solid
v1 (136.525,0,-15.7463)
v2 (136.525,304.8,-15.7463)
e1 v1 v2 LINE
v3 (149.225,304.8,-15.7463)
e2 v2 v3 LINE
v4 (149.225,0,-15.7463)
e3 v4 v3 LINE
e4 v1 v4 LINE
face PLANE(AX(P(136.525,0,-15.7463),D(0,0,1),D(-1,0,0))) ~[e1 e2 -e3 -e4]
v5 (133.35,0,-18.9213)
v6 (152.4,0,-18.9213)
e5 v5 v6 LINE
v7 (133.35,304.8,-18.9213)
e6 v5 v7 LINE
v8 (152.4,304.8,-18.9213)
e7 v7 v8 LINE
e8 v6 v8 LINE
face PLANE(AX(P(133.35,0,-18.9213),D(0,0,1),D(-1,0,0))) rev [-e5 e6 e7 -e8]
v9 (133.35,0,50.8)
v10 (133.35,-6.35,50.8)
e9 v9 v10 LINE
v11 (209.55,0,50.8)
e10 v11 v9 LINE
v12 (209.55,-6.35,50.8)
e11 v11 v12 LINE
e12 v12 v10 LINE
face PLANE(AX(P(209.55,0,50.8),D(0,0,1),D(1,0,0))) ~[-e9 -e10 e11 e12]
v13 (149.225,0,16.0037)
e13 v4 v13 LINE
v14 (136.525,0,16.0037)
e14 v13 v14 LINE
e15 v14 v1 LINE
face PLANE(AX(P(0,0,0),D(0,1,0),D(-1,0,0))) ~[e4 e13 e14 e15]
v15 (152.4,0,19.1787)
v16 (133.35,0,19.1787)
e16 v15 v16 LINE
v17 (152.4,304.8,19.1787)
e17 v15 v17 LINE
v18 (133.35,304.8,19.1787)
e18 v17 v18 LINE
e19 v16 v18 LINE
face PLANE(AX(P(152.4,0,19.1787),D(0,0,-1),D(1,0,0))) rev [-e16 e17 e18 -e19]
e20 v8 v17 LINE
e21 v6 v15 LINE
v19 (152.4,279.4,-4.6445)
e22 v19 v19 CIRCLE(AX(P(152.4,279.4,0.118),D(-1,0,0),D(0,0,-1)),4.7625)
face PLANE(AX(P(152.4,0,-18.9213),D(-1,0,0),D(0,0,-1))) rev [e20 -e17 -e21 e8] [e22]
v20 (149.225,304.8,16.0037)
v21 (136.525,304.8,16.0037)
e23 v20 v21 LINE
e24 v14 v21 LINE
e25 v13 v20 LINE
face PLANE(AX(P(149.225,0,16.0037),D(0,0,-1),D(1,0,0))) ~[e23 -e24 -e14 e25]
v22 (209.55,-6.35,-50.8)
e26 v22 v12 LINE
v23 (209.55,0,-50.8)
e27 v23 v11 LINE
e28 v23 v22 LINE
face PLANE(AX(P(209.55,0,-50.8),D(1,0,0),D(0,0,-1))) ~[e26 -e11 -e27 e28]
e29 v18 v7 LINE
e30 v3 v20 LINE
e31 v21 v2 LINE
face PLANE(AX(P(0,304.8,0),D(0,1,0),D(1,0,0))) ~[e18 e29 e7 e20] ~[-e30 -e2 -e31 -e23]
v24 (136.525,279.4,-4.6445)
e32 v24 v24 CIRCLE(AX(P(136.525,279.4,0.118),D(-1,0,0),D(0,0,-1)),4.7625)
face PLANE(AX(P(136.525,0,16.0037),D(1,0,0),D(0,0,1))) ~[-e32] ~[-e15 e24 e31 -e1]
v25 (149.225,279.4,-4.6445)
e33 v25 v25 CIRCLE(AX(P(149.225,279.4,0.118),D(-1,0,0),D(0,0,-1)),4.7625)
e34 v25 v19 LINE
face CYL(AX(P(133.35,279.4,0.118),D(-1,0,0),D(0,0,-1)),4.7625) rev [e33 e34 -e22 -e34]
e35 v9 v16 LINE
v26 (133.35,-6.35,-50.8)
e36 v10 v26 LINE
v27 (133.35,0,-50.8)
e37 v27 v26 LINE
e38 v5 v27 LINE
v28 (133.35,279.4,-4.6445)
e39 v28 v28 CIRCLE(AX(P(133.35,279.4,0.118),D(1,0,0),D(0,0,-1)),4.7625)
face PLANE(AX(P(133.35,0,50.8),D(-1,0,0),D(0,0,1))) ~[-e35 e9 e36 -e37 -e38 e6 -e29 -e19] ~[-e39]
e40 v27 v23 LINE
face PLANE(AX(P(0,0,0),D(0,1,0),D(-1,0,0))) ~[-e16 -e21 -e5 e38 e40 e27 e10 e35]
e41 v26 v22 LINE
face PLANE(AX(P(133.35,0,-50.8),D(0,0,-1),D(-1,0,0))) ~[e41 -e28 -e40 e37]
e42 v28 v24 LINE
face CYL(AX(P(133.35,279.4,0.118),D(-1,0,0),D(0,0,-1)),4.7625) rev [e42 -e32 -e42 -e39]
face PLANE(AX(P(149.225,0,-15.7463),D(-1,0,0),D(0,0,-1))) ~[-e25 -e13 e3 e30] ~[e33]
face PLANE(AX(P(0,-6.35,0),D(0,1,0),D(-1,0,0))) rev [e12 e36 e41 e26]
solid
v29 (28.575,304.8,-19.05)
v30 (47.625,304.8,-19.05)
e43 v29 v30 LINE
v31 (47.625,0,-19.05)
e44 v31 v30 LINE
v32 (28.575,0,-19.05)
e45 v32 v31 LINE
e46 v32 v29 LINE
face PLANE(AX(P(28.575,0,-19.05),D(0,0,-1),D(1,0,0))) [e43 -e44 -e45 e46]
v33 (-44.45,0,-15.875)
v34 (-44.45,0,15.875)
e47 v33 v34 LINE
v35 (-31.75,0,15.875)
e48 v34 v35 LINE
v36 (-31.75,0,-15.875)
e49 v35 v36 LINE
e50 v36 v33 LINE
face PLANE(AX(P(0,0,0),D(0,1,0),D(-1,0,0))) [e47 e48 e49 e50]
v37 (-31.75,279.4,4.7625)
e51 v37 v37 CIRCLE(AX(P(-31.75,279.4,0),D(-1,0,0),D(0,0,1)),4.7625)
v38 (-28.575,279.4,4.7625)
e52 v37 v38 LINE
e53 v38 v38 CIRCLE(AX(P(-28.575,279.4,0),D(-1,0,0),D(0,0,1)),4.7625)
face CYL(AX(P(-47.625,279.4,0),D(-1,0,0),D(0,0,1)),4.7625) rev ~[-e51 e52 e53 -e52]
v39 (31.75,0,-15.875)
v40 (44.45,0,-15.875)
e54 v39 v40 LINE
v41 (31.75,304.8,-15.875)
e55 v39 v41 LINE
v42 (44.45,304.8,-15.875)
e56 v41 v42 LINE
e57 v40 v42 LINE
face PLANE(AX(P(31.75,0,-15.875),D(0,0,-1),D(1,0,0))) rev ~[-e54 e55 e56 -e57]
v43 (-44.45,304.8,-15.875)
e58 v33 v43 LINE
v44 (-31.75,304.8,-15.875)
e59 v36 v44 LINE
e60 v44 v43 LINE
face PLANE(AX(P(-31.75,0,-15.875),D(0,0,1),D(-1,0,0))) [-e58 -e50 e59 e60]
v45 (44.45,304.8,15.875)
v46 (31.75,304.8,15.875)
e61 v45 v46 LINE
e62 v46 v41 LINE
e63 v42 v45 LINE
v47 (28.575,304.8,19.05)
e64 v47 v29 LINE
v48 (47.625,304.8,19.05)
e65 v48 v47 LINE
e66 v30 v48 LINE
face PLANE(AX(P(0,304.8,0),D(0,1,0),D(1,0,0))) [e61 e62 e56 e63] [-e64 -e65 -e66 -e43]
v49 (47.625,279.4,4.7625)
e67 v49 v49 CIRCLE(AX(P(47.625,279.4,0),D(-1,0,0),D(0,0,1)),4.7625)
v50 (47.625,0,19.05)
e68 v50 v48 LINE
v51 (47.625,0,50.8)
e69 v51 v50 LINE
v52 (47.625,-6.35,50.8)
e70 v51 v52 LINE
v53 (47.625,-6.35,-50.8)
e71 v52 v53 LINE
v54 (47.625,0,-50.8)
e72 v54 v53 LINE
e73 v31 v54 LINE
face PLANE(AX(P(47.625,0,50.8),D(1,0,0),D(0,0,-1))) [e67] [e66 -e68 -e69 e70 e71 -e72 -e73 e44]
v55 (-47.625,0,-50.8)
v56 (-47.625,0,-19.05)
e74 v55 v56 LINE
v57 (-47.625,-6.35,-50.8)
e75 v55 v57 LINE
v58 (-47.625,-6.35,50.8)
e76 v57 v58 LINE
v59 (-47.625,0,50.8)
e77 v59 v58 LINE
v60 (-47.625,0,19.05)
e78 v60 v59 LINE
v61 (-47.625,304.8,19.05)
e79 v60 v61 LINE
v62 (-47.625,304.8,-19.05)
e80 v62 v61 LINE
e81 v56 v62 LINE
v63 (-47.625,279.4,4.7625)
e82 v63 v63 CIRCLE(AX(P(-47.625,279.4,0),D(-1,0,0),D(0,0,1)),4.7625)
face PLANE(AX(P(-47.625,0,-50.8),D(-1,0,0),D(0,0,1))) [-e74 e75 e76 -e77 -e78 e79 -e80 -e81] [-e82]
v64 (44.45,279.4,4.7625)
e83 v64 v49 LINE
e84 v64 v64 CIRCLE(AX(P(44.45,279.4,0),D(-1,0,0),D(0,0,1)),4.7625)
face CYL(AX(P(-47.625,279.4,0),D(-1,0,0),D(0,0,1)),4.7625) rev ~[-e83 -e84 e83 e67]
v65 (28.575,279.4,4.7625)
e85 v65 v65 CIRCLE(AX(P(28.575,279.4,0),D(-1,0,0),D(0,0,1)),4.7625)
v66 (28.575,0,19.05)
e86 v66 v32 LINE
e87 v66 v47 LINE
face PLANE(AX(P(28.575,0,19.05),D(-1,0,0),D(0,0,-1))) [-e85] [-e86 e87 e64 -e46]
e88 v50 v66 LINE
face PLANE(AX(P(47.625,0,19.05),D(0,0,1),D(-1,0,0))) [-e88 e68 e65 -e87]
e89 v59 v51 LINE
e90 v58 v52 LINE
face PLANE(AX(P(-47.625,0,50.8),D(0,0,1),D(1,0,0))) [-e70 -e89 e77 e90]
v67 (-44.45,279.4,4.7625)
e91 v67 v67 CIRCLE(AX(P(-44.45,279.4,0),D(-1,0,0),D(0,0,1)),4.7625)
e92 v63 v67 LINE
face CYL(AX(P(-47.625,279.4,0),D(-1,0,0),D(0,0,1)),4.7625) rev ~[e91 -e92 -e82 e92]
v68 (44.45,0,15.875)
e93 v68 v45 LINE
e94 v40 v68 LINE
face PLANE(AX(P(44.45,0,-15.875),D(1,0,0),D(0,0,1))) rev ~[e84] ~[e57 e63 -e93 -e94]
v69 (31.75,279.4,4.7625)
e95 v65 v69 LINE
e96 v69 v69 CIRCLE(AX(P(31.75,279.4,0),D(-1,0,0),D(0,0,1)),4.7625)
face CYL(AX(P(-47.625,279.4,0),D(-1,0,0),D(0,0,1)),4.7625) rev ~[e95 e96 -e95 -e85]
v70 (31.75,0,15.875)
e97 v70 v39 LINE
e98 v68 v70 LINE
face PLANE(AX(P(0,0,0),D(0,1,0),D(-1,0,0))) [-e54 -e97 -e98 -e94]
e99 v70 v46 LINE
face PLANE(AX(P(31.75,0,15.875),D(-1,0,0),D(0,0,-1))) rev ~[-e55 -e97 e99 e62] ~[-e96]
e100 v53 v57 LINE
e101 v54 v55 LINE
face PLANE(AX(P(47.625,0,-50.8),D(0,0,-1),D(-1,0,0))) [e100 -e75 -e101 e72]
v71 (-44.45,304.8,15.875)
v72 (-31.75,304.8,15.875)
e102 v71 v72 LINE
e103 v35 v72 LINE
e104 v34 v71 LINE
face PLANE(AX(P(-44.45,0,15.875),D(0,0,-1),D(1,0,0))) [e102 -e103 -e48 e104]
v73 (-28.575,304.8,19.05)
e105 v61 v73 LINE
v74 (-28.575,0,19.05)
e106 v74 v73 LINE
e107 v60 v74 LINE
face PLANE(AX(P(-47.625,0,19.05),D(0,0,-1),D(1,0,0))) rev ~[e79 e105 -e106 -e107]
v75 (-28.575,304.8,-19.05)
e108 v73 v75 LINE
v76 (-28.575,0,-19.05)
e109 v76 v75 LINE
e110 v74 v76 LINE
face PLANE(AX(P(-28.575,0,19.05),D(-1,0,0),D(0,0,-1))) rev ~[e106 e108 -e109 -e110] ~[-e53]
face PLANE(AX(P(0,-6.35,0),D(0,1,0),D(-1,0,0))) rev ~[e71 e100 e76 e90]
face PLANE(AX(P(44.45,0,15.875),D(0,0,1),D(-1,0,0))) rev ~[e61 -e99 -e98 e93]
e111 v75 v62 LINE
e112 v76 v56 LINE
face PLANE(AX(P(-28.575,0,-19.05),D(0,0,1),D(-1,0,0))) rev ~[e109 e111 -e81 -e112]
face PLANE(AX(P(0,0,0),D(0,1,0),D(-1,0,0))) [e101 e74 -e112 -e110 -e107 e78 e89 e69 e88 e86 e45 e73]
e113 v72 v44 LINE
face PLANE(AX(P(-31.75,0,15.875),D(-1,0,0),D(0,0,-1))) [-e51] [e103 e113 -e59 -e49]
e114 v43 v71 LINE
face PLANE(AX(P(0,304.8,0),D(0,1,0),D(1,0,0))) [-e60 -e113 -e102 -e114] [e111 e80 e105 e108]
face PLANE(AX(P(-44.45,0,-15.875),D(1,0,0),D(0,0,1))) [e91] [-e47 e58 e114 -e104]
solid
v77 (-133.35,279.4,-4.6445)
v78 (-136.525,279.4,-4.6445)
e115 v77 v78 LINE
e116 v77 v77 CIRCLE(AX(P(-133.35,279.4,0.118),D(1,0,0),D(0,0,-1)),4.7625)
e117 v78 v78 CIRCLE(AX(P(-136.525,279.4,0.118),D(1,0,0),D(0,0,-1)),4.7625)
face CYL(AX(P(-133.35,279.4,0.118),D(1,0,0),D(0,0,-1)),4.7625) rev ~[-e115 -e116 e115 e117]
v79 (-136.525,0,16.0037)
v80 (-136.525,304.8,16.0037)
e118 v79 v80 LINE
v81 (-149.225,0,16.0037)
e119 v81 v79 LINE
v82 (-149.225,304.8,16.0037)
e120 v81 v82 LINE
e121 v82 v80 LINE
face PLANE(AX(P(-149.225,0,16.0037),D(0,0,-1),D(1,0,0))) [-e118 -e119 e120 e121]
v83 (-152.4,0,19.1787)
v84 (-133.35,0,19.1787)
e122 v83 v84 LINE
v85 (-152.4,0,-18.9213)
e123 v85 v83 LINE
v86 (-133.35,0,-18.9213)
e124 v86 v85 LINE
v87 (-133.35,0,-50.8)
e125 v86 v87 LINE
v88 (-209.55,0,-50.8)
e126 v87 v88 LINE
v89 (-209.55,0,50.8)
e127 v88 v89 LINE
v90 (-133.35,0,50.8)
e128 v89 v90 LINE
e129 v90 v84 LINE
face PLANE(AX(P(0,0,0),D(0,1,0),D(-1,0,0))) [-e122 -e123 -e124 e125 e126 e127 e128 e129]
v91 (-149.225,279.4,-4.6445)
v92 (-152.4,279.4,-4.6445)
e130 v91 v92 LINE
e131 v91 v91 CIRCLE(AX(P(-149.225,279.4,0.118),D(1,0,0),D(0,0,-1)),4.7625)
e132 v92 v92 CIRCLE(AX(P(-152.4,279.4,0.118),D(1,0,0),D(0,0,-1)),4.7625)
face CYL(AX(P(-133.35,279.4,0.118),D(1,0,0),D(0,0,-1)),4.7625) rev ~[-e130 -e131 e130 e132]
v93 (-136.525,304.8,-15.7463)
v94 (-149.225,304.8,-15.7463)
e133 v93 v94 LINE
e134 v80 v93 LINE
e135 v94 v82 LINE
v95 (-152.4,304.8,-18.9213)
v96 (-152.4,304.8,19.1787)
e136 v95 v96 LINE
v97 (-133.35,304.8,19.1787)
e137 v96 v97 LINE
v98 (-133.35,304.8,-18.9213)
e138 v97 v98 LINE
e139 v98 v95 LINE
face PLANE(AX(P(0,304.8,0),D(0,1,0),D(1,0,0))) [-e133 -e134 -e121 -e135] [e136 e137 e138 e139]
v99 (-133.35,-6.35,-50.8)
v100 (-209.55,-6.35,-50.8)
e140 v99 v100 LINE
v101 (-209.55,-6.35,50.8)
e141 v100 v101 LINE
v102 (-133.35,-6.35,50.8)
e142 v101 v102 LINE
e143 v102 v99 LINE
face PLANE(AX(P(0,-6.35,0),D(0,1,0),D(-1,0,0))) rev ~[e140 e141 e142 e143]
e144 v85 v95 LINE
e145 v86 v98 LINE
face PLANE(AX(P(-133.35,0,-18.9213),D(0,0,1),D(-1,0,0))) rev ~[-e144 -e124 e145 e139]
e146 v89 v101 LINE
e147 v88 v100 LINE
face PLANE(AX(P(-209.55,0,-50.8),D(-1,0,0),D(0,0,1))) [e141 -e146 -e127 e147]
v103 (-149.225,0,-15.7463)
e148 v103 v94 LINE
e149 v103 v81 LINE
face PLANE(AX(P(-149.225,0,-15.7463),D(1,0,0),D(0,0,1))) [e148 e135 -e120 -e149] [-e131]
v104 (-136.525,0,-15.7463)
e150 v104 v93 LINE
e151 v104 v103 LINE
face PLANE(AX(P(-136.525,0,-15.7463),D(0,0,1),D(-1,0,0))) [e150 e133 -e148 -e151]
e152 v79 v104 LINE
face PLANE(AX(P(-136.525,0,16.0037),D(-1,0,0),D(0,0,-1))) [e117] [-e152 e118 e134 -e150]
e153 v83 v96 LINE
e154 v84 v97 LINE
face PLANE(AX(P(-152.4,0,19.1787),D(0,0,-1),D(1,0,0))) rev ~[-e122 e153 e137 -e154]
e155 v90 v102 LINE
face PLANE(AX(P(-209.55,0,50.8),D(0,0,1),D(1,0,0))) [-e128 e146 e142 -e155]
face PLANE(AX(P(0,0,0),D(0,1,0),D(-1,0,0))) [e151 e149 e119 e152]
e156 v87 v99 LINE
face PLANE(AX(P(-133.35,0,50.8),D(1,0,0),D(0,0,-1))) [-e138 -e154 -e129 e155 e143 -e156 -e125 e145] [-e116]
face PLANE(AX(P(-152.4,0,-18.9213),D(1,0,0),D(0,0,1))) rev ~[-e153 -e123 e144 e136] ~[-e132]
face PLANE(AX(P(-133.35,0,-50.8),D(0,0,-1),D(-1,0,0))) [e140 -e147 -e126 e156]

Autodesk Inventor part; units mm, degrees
ref_plane "YZ Plane" through (0, 0, 0) normal (1, 0, 0) x (0, 1, 0)
ref_plane "XZ Plane" through (0, 0, 0) normal (0, 1, 0) x (-1, 0, 0)
ref_plane "XY Plane" through (0, 0, 0) normal (0, 0, 1) x (1, 0, 0)
sketch "Sketch1" plane through (0, 0, 0) normal (0, 1, 0) x (-1, 0, 0)
  line L0 (47.625, 50.8) -> (-47.625, 50.8)
  line L1 (-47.625, 50.8) -> (-47.625, -50.8)
  line L2 (-47.625, -50.8) -> (47.625, -50.8)
  line L3 (47.625, -50.8) -> (47.625, 50.8)
  line L4 (47.625, 50.8) -> (-47.625, -50.8) construction
  line L5 (-47.625, 50.8) -> (47.625, -50.8) construction
  point P0 (0, 0)
  dimension "d0" = 95.25
  dimension "d1" = 101.6
extrude "Extrusion1" add sketch "Sketch1" against normal blind 6.35
sketch "Sketch2" plane through (0, 0, 0) normal (0, 1, 0) x (1, 0, 0)
  line L0 (-47.625, -19.05) -> (-28.575, -19.05)
  line L1 (-28.575, -19.05) -> (-28.575, 19.05)
  line L2 (-28.575, 19.05) -> (-47.625, 19.05)
  line L3 (-47.625, 19.05) -> (-47.625, -19.05)
  line L4 (-47.625, -19.05) -> (-28.575, 19.05) construction
  line L5 (-28.575, -19.05) -> (-47.625, 19.05) construction
  line L6 (-44.45, -15.875) -> (-31.75, -15.875)
  line L7 (-31.75, -15.875) -> (-31.75, 15.875)
  line L8 (-31.75, 15.875) -> (-44.45, 15.875)
  line L9 (-44.45, 15.875) -> (-44.45, -15.875)
  line L10 (-44.45, -15.875) -> (-31.75, 15.875) construction
  line L11 (-31.75, -15.875) -> (-44.45, 15.875) construction
  line L12 (-47.625, 50.8) -> (47.625, 50.8) construction
  line L13 (0, 50.8) -> (0, -101.6) construction
  line L14 (47.625, -19.05) -> (28.575, -19.05)
  line L15 (28.575, -19.05) -> (28.575, 19.05)
  line L16 (28.575, 19.05) -> (47.625, 19.05)
  line L17 (47.625, 19.05) -> (47.625, -19.05)
  line L18 (44.45, -15.875) -> (31.75, -15.875)
  line L19 (31.75, -15.875) -> (31.75, 15.875)
  line L20 (31.75, 15.875) -> (44.45, 15.875)
  line L21 (44.45, 15.875) -> (44.45, -15.875)
  point P0 (0, 0)
  point P1 (-38.1, 0)
  dimension "d4" = 38.1
  dimension "d5" = 19.05
  dimension "d6" = 38.1
  dimension "d7" = 3.175
  dimension "d8" = 3.175
extrude "Extrusion2" add sketch "Sketch2" along normal blind 304.8
sketch "Sketch4" plane through (-47.625, -6.35, -50.8) normal (-1, 0, 0) x (0, 0, 1)
  line L0 (50.8, 6.35) -> (50.8, 96.458) construction
  circle A0 centre (50.8, 285.75) radius 4.7625
  line L1 (0, 6.35) -> (31.75, 6.35) projected
  dimension "d15" = 9.525
  dimension "d16" = 279.4
extrude "Extrusion4" cut sketch "Sketch4" against normal through all
sketch "Sketch6" plane through (0, 0, 0) normal (0, 1, 0) x (-1, 0, 0)
  line L0 (209.55, 50.8) -> (133.35, 50.8)
  line L1 (133.35, 50.8) -> (133.35, -50.8)
  line L2 (133.35, -50.8) -> (209.55, -50.8)
  line L3 (209.55, -50.8) -> (209.55, 50.8)
  line L4 (209.55, 50.8) -> (133.35, -50.8) construction
  line L5 (133.35, 50.8) -> (209.55, -50.8) construction
  point P0 (0, 0)
  point P1 (171.45, 0)
  dimension "d19" = 101.6
  dimension "d20" = 76.2
  dimension "d21" = 209.55
extrude "Extrusion5" add sketch "Sketch6" against normal blind 6.35
sketch "Sketch7" plane through (0, 0, 0) normal (0, 1, 0) x (1, 0, 0)
  line L0 (-152.4, -19.1787) -> (-133.35, -19.1787)
  line L1 (-133.35, -19.1787) -> (-133.35, 18.9213)
  line L2 (-133.35, 18.9213) -> (-152.4, 18.9213)
  line L3 (-152.4, 18.9213) -> (-152.4, -19.1787)
  line L4 (-152.4, -19.1787) -> (-133.35, 18.9213) construction
  line L5 (-133.35, -19.1787) -> (-152.4, 18.9213) construction
  line L6 (-149.225, -16.0037) -> (-136.525, -16.0037)
  line L7 (-136.525, -16.0037) -> (-136.525, 15.7463)
  line L8 (-136.525, 15.7463) -> (-149.225, 15.7463)
  line L9 (-149.225, 15.7463) -> (-149.225, -16.0037)
  line L10 (-149.225, -16.0037) -> (-136.525, 15.7463) construction
  line L11 (-136.525, -16.0037) -> (-149.225, 15.7463) construction
  line L12 (-133.35, -50.8) -> (-133.35, 50.8) projected
  point P0 (0, 0)
  point P1 (-142.875, -0.1287)
  dimension "d24" = 19.05
  dimension "d25" = 38.1
  dimension "d26" = 3.175
  dimension "d27" = 3.175
extrude "Extrusion6" add sketch "Sketch7" along normal blind 304.8
sketch "Sketch8" plane through (-133.35, -6.35, 50.8) normal (1, 0, 0) x (0, 0, -1)
  line L0 (50.8, 6.35) -> (50.6713, 311.15) construction
  line L1 (34.7963, 311.15) -> (66.5463, 311.15) construction
  circle A0 centre (50.682, 285.75) radius 4.7625
  line L2 (101.6, 6.35) -> (0, 6.35) projected
  dimension "d30" = 9.525
  dimension "d31" = 279.4
extrude "Extrusion7" cut sketch "Sketch8" against normal through all
mirror "Mirror1" about plane through (0, 0, 0) normal (1, 0, 0) of "Extrusion6", "Extrusion7", "Extrusion5"
equation "\"d0\" = BaseWidth"
equation "\"d1\" = BaseLength"
equation "\"d2\" = BaseThickness"
equation "\"d4\" = postCenterDistanceFromCenterOfBase"
equation "\"d5\" = postWidth"
equation "\"d6\" = postLength"
equation "\"d7\" = postThickness"
equation "\"d8\" = postThickness"
equation "\"d9\" = postHeight"
equation "\"d15\" = axelDiam"
equation "\"d16\" = axelHeightAbovePlate"
equation "\"d19\" = BaseLength"
equation "\"d20\" = baseForArmWidth"
equation "\"d21\" = 0.5 * robotBaseWidth"
equation "\"d22\" = BaseThickness"
equation "\"d24\" = postWidth"
equation "\"d25\" = postLength"
equation "\"d26\" = postThickness"
equation "\"d27\" = postThickness"
equation "\"d28\" = postHeight"
equation "\"d30\" = axelDiam"
equation "\"d31\" = axelHeightAbovePlate"
equation "\"d32\" = postHeight"
equation "\"BaseWidth\" = 95.25"
equation "\"BaseLength\" = 101.6"
equation "\"BaseThickness\" = 6.35"
equation "\"postWidth\" = 19.05"
equation "\"postLength\" = 38.1"
equation "\"postThickness\" = 3.175"
equation "\"postCenterDistanceFromCenterOfBase\" = 38.1"
equation "\"postHeight\" = 304.8"
equation "\"axelDiam\" = 9.525"
equation "\"baseForArmWidth\" = 76.2"
equation "\"robotBaseWidth\" = 419.1"
equation "\"telescopeArmWidth\" = 44.45"
equation "\"postToSupportArmAxelDistanceFromCenter\" = 0.5 * robotBaseWidth - baseForArmWidth"
equation "\"axelHeightAbovePlate\" = 279.4"
properties part number "RearPostForLift" material "Aluminum 6061"
